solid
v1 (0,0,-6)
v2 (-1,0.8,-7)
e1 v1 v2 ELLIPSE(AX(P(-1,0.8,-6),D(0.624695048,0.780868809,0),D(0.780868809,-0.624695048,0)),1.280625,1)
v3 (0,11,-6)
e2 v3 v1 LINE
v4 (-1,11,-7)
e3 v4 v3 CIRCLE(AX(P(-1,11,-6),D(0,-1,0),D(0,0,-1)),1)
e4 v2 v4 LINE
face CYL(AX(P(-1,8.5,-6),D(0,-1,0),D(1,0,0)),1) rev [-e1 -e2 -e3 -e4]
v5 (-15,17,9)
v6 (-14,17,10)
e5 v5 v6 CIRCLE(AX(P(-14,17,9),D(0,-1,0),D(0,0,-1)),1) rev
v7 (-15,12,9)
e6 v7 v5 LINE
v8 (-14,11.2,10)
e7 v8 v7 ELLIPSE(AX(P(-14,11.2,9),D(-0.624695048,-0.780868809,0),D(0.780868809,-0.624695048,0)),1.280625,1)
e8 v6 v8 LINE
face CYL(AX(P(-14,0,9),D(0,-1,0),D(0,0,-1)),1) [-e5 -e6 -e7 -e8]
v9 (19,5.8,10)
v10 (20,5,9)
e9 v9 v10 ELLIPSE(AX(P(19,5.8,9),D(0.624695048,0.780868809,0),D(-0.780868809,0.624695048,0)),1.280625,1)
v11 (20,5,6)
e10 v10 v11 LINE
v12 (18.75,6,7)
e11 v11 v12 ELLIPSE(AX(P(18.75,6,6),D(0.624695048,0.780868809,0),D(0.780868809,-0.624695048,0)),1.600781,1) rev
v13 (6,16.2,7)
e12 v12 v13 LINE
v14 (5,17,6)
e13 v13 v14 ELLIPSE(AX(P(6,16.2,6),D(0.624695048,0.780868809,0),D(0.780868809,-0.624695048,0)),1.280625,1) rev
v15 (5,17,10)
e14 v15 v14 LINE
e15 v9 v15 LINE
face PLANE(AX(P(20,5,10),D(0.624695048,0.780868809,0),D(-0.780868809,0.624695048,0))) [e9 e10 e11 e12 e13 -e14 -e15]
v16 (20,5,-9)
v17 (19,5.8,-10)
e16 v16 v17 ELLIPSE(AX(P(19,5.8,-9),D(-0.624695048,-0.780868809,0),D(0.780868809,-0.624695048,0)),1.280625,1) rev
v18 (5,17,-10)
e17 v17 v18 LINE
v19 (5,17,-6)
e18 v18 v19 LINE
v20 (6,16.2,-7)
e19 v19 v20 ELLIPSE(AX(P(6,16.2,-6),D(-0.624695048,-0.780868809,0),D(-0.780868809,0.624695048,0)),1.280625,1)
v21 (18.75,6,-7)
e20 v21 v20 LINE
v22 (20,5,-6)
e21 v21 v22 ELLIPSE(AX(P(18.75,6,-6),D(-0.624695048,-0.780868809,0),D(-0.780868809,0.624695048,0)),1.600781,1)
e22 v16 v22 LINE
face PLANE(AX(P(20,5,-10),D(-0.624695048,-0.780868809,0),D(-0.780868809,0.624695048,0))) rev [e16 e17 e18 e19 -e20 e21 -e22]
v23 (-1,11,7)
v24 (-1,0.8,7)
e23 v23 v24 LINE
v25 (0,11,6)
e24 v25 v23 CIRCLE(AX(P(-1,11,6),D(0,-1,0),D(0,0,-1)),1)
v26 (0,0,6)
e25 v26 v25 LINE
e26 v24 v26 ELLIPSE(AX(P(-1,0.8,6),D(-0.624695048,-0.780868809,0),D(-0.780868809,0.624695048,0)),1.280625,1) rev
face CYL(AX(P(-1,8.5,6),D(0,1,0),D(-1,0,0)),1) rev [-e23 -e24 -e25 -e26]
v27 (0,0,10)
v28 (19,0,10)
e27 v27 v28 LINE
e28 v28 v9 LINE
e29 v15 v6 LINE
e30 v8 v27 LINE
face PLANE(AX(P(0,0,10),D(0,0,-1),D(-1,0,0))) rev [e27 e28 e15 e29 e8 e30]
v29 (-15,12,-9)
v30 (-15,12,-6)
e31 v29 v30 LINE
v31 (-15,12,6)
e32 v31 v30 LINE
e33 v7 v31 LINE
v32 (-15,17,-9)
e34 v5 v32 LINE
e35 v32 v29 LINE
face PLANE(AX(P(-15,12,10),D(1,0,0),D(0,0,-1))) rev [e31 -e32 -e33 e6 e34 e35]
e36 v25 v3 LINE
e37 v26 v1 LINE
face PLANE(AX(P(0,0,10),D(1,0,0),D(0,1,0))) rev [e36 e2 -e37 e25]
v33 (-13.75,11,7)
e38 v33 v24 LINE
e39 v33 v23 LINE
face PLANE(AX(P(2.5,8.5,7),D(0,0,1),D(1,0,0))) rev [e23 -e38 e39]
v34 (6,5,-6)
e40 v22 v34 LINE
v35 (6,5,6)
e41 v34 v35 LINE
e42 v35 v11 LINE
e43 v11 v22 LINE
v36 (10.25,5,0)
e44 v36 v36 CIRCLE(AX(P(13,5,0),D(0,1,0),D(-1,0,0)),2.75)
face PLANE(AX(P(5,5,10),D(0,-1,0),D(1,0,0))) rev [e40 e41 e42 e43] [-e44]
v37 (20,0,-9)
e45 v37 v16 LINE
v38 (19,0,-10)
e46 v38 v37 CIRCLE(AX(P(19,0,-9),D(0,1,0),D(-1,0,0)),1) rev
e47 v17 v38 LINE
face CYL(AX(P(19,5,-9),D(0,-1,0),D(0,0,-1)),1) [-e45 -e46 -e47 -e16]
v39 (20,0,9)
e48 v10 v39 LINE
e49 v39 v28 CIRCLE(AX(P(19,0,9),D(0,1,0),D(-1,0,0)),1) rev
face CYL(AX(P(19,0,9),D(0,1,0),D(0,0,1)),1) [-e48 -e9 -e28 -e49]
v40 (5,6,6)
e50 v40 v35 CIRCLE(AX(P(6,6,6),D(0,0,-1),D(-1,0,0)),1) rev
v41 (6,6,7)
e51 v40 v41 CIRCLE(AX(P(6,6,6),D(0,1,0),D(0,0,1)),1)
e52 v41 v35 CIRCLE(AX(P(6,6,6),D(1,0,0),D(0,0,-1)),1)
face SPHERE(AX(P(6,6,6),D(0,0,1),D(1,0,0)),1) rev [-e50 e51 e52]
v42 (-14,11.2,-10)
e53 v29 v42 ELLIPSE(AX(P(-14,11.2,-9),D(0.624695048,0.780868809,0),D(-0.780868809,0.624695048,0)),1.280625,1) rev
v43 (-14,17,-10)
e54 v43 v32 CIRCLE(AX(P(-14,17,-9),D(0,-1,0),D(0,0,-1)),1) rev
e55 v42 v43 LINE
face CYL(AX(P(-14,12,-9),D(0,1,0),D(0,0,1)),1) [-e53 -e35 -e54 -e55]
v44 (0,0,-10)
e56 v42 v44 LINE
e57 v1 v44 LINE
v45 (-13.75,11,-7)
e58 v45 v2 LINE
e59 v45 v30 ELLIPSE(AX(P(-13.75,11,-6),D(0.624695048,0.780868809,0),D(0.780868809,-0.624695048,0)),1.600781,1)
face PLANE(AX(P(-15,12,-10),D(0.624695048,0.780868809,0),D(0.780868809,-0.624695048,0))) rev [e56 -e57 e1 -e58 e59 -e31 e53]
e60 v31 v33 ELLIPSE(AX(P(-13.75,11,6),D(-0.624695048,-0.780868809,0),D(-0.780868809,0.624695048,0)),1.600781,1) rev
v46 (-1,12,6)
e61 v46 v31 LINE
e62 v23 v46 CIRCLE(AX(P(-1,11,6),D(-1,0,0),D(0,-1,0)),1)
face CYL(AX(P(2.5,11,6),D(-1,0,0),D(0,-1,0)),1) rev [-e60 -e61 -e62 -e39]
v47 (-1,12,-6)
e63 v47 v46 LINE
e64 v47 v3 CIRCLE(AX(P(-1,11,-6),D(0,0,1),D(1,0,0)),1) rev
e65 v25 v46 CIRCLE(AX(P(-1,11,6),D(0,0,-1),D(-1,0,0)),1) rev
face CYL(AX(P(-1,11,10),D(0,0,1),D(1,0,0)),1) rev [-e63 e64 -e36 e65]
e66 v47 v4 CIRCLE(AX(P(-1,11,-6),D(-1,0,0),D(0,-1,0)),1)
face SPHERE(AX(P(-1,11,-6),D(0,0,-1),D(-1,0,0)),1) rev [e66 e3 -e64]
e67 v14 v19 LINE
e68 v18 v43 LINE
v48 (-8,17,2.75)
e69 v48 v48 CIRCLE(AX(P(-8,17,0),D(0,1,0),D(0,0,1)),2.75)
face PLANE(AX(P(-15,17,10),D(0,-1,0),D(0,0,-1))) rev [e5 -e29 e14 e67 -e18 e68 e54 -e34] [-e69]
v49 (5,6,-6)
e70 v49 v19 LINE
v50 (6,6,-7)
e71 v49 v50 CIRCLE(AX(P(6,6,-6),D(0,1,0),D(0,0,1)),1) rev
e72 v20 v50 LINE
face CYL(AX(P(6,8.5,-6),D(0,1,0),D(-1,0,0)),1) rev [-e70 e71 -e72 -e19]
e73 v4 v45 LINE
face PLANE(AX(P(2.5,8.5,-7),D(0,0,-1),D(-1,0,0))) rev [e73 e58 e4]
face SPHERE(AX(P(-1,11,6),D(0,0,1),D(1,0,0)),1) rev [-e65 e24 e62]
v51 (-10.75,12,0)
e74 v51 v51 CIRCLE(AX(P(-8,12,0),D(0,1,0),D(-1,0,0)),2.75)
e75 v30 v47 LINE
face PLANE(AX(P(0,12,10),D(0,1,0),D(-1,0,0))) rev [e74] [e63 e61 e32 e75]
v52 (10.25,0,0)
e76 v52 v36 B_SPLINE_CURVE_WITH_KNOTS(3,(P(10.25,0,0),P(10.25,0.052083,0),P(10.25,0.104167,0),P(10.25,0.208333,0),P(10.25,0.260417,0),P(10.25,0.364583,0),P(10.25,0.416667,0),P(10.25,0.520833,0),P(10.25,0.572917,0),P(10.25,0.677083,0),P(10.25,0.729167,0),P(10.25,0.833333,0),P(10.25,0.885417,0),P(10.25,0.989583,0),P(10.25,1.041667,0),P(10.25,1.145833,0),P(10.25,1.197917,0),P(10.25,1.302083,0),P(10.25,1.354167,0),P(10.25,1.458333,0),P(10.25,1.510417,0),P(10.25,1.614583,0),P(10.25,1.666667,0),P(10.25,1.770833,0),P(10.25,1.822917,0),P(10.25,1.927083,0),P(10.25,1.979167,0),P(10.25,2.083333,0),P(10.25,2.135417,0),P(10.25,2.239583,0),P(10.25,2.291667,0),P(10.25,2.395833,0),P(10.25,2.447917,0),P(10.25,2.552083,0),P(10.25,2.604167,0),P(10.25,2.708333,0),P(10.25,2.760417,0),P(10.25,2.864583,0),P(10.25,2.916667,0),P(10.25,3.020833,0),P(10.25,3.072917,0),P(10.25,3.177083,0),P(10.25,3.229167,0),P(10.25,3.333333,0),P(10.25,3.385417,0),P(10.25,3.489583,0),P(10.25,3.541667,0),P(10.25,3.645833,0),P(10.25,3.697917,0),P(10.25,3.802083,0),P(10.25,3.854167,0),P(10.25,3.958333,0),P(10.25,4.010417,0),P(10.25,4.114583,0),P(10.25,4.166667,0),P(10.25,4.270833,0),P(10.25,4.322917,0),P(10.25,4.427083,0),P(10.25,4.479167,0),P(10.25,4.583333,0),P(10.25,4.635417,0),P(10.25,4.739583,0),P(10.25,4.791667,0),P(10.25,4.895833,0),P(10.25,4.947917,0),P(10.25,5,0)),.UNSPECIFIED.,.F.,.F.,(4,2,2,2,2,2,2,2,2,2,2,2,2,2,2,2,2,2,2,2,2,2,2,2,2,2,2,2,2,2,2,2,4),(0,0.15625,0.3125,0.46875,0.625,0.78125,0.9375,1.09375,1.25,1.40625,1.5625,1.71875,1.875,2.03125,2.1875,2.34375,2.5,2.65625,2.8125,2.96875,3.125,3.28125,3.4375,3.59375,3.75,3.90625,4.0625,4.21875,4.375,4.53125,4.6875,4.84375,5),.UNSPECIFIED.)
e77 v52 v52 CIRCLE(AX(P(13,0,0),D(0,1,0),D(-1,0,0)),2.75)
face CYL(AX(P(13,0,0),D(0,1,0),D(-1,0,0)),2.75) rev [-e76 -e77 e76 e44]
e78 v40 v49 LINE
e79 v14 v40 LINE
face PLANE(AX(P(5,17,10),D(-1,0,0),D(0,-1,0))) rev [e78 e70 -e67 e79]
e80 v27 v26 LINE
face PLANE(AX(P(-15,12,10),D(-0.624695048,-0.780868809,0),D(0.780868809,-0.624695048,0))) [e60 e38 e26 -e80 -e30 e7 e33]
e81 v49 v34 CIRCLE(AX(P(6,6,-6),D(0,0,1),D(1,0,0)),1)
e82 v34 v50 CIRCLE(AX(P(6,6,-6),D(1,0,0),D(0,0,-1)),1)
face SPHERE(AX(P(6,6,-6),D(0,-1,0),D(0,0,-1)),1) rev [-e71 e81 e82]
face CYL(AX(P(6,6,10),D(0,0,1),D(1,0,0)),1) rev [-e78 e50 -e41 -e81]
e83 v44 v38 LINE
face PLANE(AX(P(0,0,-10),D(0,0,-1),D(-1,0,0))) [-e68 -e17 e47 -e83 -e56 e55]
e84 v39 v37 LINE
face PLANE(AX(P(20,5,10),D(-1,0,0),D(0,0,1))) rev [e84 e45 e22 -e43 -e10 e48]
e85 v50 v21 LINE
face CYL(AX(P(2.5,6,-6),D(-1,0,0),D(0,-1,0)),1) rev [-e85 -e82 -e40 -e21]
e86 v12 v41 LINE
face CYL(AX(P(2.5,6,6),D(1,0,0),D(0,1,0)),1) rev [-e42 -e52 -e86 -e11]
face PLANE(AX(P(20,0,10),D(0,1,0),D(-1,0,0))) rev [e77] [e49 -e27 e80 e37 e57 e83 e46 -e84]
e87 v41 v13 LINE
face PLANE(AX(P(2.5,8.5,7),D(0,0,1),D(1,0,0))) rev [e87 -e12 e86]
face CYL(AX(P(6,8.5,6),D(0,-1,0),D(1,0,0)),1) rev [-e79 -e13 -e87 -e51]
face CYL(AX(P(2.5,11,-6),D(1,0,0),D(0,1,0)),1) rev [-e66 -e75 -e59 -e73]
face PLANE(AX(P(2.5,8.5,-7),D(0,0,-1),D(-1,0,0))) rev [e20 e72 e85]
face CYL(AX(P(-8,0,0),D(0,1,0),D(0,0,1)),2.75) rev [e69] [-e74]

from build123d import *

# Parameters (mm, degrees)
BOSS_EXTRUDE1_DEPTH = 10
SKETCH2_R           = 2.75
CUT_EXTRUDE1_DEPTH  = 29.08914381
SKETCH3_R           = 2.75
CUT_EXTRUDE2_DEPTH  = 26.377155081
RIB7_REACH          = 35
SKETCH5_WALL_W      = 87.209372712
SKETCH5_WALL_H      = 3
RIB8_REACH          = 35
SKETCH6_WALL_W      = 87.209372712
SKETCH6_WALL_H      = 3
FILLET1_R           = 1
FILLET2_R           = 1


with BuildPart() as part:
    # Sketch1 → Boss-Extrude1 (new, symmetric)
    with BuildSketch(Plane.XY):
        Polygon((0, 0), (0, 12), (-15, 12), (-15, 17), (5, 17), (5, 5), (20, 5), (20, 0), align=None)
    extrude(amount=BOSS_EXTRUDE1_DEPTH, both=True)

    # Sketch2 → Cut-Extrude1 (cut, through all)
    with BuildSketch(Plane(origin=(0, 17, 0), x_dir=(1, 0, 0), z_dir=(0, 1, 0))):
        with Locations(Location((-8, 0, 0), (0, 0, 270))):
            Circle(SKETCH2_R)
    extrude(amount=-CUT_EXTRUDE1_DEPTH, mode=Mode.SUBTRACT)

    # Sketch3 → Cut-Extrude2 (cut, through all)
    with BuildSketch(Plane(origin=(0, 5, 0), x_dir=(1, 0, 0), z_dir=(0, 1, 0))):
        with Locations(Location((13, 0, 0), (0, 0, 180))):
            Circle(SKETCH3_R)
    extrude(amount=-CUT_EXTRUDE2_DEPTH, mode=Mode.SUBTRACT)

    # Sketch5 wall → Rib7 (add, up to next)
    with BuildSketch(Plane(origin=(12.5, 11, -10), x_dir=(-0.780868809443, 0.624695047554, 0), z_dir=(0.624695047554, 0.780868809443, 0)), mode=Mode.PRIVATE) as rib7_sk1:
        with Locations((0, 1.5)):
            Rectangle(SKETCH5_WALL_W, SKETCH5_WALL_H)
    rib7_tool1 = extrude(rib7_sk1.sketch, amount=-RIB7_REACH, mode=Mode.PRIVATE) - part.part
    rib7 = rib7_tool1.solids().sort_by_distance((12.5, 11, -10))[0]
    add(rib7)

    # Sketch6 wall → Rib8 (add, up to next)
    with BuildSketch(Plane(origin=(-7.5, 6, -10), x_dir=(0.780868809443, -0.624695047554, 0), z_dir=(-0.624695047554, -0.780868809443, 0)), mode=Mode.PRIVATE) as rib8_sk1:
        with Locations((0, 1.5)):
            Rectangle(SKETCH6_WALL_W, SKETCH6_WALL_H)
    rib8_tool1 = extrude(rib8_sk1.sketch, amount=-RIB8_REACH, mode=Mode.PRIVATE) - part.part
    rib8 = rib8_tool1.solids().sort_by_distance((-7.5, 6, -10))[0]
    add(rib8)

    # Mirror1: Rib7, Rib8 across plane
    add(rib7.mirror(Plane.XY))
    add(rib8.mirror(Plane.XY))

    # Fillet1
    fillet1_edges = [part.edges().sort_by_distance(p)[0] for p in [
        (0, 12, 0),
        (-7.5, 12, 7),
        (0, 6, 7),
        (5, 11, -7),
        (12.5, 5, -7),
        (0, 6, -7),
        (-7.5, 12, -7),
        (5, 5, 0),
        (12.5, 5, 7),
        (5, 11, 7),
    ]]
    fillet(fillet1_edges, radius=FILLET1_R)

    # Fillet2
    fillet2_edges = [part.edges().sort_by_distance(p)[0] for p in [
        (20, 2.5, -10),
        (-15, 14.5, 10),
        (20, 2.5, 10),
        (-15, 14.5, -10),
    ]]
    fillet(fillet2_edges, radius=FILLET2_R)


solid = part.part
